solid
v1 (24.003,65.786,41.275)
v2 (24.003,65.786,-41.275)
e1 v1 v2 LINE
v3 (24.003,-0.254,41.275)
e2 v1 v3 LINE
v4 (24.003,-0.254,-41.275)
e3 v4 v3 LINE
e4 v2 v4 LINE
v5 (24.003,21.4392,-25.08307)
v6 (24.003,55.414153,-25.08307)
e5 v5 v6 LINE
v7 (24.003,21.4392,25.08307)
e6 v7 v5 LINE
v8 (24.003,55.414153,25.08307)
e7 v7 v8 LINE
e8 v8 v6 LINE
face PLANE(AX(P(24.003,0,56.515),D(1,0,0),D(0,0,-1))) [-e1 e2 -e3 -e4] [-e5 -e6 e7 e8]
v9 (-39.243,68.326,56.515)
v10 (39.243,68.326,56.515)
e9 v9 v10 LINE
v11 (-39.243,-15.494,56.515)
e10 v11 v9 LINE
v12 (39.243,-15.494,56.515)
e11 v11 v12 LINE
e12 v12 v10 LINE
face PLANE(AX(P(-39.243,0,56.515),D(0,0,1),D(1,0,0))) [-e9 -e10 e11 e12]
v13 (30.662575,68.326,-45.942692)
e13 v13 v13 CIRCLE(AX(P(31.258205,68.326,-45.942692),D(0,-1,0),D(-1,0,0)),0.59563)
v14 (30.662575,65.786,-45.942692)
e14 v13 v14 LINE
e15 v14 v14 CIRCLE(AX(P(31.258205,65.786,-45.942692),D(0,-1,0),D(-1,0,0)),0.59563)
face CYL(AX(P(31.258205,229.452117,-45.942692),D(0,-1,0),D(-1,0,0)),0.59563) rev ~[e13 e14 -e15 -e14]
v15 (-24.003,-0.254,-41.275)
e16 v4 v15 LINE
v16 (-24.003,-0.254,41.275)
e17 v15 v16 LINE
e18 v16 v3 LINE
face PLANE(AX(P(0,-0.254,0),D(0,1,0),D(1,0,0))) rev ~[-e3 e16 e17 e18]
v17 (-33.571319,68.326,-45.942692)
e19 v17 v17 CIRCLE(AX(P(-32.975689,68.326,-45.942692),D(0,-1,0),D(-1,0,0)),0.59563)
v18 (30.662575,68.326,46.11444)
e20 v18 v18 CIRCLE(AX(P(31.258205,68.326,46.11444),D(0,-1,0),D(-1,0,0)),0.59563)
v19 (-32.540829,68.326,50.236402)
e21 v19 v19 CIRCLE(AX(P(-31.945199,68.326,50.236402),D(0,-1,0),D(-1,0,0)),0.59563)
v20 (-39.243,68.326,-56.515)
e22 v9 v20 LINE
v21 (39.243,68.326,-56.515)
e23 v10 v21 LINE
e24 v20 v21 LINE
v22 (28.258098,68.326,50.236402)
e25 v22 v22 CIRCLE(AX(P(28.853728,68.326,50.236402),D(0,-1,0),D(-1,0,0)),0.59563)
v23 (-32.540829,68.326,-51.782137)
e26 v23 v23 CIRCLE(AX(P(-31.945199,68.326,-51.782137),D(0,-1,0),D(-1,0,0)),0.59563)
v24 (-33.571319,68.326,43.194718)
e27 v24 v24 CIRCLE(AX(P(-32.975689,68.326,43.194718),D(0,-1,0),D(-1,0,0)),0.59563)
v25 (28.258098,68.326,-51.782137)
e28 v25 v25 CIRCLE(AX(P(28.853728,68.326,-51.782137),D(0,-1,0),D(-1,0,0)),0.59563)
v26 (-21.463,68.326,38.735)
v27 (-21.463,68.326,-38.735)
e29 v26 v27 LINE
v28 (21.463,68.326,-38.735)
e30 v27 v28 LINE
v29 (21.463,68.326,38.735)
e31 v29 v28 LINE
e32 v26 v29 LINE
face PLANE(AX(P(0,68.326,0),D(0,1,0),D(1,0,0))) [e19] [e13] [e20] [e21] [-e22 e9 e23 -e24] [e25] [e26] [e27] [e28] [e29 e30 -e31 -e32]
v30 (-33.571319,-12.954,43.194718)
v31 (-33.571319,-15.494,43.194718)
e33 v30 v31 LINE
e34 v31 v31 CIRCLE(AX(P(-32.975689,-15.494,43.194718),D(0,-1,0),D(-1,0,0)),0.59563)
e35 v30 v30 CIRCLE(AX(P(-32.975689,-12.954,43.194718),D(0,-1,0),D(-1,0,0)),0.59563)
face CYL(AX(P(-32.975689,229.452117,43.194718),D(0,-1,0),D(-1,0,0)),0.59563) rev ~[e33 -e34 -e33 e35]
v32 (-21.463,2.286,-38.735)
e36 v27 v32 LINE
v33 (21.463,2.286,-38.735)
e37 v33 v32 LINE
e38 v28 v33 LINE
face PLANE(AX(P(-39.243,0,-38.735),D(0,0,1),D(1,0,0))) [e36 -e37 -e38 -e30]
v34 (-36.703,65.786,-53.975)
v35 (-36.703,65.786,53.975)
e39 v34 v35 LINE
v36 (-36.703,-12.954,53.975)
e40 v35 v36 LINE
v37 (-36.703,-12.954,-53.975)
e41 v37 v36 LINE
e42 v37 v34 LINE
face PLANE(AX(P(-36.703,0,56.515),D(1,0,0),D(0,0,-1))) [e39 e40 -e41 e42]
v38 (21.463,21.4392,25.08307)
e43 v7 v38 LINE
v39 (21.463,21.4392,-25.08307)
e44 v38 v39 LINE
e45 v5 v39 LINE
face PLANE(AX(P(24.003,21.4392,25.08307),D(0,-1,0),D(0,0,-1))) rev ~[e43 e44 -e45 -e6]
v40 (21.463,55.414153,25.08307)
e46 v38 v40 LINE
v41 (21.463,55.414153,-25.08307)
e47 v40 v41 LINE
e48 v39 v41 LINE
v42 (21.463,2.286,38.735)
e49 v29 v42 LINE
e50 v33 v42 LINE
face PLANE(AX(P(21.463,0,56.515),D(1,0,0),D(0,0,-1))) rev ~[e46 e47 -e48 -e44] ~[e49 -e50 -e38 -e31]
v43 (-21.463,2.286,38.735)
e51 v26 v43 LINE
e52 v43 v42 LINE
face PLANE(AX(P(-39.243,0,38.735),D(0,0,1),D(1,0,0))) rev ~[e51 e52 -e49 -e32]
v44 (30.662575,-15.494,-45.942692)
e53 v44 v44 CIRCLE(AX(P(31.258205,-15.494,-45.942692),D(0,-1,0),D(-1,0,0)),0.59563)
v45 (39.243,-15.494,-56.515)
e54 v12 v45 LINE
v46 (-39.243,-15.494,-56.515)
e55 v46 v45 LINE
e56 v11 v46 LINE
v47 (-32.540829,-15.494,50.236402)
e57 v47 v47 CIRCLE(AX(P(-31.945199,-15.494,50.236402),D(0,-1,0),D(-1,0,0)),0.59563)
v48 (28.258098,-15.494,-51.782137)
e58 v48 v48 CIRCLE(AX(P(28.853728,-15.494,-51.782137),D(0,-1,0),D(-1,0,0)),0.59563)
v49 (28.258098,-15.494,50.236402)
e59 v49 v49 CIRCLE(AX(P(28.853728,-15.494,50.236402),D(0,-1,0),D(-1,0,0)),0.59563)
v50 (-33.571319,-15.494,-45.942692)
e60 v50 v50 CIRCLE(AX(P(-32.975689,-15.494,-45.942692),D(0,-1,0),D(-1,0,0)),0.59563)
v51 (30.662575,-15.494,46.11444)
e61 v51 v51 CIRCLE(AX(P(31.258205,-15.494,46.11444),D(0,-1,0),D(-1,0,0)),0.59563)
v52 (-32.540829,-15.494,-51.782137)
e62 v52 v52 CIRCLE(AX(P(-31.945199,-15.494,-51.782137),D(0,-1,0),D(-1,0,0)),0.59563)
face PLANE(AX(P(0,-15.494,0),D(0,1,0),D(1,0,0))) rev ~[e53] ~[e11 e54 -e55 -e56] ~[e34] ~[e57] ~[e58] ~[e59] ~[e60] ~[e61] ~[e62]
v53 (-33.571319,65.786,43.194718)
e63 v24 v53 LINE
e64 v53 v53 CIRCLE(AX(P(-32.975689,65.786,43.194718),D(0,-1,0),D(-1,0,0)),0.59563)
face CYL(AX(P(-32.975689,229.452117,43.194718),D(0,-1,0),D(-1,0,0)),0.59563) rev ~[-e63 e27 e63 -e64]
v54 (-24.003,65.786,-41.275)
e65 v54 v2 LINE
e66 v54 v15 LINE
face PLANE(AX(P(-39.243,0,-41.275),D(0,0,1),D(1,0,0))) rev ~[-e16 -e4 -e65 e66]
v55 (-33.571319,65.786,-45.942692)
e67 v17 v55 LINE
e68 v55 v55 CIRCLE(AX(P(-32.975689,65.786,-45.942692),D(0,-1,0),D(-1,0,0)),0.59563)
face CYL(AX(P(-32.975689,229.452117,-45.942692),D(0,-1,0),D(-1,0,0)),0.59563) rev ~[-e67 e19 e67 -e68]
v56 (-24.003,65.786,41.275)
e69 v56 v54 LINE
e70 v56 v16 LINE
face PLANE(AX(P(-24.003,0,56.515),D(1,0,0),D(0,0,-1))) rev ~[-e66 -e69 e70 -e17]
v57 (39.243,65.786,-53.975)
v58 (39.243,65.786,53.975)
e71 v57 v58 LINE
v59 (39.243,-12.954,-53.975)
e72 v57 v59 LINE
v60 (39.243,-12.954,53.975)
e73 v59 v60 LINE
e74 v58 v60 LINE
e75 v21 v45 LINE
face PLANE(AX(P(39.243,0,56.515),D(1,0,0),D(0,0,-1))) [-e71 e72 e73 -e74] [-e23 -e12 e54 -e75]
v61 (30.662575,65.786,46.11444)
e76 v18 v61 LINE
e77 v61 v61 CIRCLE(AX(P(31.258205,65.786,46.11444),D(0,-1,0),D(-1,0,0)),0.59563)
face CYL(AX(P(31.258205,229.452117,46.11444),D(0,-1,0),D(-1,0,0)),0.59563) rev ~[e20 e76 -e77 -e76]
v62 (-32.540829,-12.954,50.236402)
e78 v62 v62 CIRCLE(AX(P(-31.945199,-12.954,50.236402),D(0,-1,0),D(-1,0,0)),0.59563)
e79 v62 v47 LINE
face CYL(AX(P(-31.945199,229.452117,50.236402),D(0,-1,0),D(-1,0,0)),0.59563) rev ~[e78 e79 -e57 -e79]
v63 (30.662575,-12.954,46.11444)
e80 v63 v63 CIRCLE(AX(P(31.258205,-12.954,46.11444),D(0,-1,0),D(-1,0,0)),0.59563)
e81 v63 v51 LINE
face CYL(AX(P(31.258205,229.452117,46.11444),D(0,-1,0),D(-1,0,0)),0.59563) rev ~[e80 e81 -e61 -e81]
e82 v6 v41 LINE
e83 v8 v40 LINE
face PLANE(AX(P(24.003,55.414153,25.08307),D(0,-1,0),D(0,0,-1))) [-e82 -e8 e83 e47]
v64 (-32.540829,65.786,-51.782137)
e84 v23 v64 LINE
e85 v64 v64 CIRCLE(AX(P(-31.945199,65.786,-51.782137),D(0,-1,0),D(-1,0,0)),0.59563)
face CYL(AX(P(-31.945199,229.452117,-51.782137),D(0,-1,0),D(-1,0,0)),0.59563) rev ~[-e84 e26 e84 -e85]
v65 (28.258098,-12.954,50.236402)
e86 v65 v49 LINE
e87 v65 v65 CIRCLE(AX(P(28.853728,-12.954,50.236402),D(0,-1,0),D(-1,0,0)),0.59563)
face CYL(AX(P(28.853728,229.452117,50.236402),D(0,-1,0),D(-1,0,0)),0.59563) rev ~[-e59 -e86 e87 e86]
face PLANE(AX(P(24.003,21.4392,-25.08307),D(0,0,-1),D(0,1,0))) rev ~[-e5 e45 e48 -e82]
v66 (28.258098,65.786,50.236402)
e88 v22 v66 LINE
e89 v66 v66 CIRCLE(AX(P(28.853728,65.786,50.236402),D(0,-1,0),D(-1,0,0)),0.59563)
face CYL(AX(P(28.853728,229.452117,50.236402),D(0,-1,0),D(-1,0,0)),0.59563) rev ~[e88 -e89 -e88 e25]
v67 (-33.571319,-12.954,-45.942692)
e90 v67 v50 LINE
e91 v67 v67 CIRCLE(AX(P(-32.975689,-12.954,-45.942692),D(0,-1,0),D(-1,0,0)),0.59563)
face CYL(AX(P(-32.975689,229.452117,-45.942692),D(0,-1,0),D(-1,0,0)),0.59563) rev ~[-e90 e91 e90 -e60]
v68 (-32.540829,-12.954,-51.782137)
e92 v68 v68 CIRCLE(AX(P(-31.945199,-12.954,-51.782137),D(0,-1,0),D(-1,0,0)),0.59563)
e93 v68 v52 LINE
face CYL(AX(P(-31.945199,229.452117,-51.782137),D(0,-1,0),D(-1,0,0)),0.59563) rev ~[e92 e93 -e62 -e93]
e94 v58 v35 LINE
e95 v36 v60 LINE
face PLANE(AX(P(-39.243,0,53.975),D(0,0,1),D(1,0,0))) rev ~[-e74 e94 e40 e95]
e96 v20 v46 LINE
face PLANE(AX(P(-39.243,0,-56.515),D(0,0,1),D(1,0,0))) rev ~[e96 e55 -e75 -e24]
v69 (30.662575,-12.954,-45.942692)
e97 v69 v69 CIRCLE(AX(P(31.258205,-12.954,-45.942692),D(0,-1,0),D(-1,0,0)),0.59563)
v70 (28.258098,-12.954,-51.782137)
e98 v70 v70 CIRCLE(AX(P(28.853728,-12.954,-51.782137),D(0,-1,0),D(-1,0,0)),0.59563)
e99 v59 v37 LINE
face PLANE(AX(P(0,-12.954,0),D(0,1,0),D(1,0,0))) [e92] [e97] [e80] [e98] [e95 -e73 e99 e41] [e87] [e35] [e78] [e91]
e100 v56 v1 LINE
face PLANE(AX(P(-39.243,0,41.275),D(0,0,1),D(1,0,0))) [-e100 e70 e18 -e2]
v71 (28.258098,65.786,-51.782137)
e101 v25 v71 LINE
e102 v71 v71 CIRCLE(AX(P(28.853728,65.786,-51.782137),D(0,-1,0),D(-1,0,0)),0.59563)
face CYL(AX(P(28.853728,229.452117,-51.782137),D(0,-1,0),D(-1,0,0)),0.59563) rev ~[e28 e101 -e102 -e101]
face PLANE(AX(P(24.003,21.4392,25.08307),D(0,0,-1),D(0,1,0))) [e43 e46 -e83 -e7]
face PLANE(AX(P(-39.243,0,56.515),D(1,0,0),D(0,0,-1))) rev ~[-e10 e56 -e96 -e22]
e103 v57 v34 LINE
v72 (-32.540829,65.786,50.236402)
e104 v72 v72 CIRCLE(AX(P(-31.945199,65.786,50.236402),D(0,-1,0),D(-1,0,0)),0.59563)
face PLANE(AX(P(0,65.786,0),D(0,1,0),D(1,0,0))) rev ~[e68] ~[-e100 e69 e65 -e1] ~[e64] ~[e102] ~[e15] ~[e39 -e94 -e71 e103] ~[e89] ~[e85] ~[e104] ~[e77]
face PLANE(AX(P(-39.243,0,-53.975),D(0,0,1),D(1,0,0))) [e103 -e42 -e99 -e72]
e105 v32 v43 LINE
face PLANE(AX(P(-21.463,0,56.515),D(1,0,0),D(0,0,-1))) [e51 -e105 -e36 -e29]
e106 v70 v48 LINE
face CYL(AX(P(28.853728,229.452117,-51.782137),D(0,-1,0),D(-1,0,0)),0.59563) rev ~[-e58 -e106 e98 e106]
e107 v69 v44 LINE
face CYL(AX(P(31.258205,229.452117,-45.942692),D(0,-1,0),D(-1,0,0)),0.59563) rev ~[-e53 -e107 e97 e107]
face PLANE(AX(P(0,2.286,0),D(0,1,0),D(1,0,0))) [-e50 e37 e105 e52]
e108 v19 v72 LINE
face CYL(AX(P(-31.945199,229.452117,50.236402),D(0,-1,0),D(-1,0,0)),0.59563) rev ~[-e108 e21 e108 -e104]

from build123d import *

# Parameters (mm, degrees)
SKETCH1_W                = 78.486
SKETCH1_H                = 113.03
BOSS_EXTRUDE1_DEPTH      = 68.326
BOSS_EXTRUDE1_DEPTH_BACK = 15.494
SHELL1_T                 = -17.78
SHELL5_T                 = -2.54
SKETCH2_W                = 50.166140906
SKETCH2_H                = 33.974952571
CUT_EXTRUDE1_DEPTH       = 12.446
F_0_80_TAPPED_HOLE1_D    = 1.19126


with BuildPart() as part:
    # Sketch1 → Boss-Extrude1 (new body, two sides)
    with BuildSketch(Plane(origin=(0, 0, 0), x_dir=(1, 0, 0), z_dir=(0, 1, 0))) as boss_extrude1_sk:
        Rectangle(SKETCH1_W, SKETCH1_H)
    extrude(amount=BOSS_EXTRUDE1_DEPTH)
    extrude(boss_extrude1_sk.sketch, amount=-BOSS_EXTRUDE1_DEPTH_BACK)

    # Shell1
    shell1_openings = [part.faces().sort_by_distance(p)[0] for p in [
        (0, 68.326, 0),
    ]]
    offset(amount=SHELL1_T, openings=shell1_openings, kind=Kind.INTERSECTION)

    # Shell5
    shell5_openings = [part.faces().sort_by_distance(p)[0] for p in [
        (39.243, 26.416, 0),
    ]]
    offset(amount=SHELL5_T, openings=shell5_openings, kind=Kind.INTERSECTION)

    # Sketch2 → Cut-Extrude1 (cut)
    with BuildSketch(Plane(origin=(24.003, 0, 0), x_dir=(0, 0, -1), z_dir=(1, 0, 0))):
        with Locations((0, 38.426676593)):
            Rectangle(SKETCH2_W, SKETCH2_H)
    extrude(amount=-CUT_EXTRUDE1_DEPTH, mode=Mode.SUBTRACT)

    # #0-80 Tapped Hole1 (through all)
    with Locations(Plane(origin=(0, 68.326, 0), x_dir=(1, 0, 0), z_dir=(0, 1, 0))):
        with Locations((-31.94519897, 51.782137041), (-32.97568926, 45.942692068), (28.853728102, 51.782137041), (31.258205444, 45.942692068), (31.258205444, -46.114440449), (28.853728102, -50.236401607), (-31.94519897, -50.236401607), (-32.97568926, -43.194717963)):
            Hole(F_0_80_TAPPED_HOLE1_D / 2)


solid = part.part
